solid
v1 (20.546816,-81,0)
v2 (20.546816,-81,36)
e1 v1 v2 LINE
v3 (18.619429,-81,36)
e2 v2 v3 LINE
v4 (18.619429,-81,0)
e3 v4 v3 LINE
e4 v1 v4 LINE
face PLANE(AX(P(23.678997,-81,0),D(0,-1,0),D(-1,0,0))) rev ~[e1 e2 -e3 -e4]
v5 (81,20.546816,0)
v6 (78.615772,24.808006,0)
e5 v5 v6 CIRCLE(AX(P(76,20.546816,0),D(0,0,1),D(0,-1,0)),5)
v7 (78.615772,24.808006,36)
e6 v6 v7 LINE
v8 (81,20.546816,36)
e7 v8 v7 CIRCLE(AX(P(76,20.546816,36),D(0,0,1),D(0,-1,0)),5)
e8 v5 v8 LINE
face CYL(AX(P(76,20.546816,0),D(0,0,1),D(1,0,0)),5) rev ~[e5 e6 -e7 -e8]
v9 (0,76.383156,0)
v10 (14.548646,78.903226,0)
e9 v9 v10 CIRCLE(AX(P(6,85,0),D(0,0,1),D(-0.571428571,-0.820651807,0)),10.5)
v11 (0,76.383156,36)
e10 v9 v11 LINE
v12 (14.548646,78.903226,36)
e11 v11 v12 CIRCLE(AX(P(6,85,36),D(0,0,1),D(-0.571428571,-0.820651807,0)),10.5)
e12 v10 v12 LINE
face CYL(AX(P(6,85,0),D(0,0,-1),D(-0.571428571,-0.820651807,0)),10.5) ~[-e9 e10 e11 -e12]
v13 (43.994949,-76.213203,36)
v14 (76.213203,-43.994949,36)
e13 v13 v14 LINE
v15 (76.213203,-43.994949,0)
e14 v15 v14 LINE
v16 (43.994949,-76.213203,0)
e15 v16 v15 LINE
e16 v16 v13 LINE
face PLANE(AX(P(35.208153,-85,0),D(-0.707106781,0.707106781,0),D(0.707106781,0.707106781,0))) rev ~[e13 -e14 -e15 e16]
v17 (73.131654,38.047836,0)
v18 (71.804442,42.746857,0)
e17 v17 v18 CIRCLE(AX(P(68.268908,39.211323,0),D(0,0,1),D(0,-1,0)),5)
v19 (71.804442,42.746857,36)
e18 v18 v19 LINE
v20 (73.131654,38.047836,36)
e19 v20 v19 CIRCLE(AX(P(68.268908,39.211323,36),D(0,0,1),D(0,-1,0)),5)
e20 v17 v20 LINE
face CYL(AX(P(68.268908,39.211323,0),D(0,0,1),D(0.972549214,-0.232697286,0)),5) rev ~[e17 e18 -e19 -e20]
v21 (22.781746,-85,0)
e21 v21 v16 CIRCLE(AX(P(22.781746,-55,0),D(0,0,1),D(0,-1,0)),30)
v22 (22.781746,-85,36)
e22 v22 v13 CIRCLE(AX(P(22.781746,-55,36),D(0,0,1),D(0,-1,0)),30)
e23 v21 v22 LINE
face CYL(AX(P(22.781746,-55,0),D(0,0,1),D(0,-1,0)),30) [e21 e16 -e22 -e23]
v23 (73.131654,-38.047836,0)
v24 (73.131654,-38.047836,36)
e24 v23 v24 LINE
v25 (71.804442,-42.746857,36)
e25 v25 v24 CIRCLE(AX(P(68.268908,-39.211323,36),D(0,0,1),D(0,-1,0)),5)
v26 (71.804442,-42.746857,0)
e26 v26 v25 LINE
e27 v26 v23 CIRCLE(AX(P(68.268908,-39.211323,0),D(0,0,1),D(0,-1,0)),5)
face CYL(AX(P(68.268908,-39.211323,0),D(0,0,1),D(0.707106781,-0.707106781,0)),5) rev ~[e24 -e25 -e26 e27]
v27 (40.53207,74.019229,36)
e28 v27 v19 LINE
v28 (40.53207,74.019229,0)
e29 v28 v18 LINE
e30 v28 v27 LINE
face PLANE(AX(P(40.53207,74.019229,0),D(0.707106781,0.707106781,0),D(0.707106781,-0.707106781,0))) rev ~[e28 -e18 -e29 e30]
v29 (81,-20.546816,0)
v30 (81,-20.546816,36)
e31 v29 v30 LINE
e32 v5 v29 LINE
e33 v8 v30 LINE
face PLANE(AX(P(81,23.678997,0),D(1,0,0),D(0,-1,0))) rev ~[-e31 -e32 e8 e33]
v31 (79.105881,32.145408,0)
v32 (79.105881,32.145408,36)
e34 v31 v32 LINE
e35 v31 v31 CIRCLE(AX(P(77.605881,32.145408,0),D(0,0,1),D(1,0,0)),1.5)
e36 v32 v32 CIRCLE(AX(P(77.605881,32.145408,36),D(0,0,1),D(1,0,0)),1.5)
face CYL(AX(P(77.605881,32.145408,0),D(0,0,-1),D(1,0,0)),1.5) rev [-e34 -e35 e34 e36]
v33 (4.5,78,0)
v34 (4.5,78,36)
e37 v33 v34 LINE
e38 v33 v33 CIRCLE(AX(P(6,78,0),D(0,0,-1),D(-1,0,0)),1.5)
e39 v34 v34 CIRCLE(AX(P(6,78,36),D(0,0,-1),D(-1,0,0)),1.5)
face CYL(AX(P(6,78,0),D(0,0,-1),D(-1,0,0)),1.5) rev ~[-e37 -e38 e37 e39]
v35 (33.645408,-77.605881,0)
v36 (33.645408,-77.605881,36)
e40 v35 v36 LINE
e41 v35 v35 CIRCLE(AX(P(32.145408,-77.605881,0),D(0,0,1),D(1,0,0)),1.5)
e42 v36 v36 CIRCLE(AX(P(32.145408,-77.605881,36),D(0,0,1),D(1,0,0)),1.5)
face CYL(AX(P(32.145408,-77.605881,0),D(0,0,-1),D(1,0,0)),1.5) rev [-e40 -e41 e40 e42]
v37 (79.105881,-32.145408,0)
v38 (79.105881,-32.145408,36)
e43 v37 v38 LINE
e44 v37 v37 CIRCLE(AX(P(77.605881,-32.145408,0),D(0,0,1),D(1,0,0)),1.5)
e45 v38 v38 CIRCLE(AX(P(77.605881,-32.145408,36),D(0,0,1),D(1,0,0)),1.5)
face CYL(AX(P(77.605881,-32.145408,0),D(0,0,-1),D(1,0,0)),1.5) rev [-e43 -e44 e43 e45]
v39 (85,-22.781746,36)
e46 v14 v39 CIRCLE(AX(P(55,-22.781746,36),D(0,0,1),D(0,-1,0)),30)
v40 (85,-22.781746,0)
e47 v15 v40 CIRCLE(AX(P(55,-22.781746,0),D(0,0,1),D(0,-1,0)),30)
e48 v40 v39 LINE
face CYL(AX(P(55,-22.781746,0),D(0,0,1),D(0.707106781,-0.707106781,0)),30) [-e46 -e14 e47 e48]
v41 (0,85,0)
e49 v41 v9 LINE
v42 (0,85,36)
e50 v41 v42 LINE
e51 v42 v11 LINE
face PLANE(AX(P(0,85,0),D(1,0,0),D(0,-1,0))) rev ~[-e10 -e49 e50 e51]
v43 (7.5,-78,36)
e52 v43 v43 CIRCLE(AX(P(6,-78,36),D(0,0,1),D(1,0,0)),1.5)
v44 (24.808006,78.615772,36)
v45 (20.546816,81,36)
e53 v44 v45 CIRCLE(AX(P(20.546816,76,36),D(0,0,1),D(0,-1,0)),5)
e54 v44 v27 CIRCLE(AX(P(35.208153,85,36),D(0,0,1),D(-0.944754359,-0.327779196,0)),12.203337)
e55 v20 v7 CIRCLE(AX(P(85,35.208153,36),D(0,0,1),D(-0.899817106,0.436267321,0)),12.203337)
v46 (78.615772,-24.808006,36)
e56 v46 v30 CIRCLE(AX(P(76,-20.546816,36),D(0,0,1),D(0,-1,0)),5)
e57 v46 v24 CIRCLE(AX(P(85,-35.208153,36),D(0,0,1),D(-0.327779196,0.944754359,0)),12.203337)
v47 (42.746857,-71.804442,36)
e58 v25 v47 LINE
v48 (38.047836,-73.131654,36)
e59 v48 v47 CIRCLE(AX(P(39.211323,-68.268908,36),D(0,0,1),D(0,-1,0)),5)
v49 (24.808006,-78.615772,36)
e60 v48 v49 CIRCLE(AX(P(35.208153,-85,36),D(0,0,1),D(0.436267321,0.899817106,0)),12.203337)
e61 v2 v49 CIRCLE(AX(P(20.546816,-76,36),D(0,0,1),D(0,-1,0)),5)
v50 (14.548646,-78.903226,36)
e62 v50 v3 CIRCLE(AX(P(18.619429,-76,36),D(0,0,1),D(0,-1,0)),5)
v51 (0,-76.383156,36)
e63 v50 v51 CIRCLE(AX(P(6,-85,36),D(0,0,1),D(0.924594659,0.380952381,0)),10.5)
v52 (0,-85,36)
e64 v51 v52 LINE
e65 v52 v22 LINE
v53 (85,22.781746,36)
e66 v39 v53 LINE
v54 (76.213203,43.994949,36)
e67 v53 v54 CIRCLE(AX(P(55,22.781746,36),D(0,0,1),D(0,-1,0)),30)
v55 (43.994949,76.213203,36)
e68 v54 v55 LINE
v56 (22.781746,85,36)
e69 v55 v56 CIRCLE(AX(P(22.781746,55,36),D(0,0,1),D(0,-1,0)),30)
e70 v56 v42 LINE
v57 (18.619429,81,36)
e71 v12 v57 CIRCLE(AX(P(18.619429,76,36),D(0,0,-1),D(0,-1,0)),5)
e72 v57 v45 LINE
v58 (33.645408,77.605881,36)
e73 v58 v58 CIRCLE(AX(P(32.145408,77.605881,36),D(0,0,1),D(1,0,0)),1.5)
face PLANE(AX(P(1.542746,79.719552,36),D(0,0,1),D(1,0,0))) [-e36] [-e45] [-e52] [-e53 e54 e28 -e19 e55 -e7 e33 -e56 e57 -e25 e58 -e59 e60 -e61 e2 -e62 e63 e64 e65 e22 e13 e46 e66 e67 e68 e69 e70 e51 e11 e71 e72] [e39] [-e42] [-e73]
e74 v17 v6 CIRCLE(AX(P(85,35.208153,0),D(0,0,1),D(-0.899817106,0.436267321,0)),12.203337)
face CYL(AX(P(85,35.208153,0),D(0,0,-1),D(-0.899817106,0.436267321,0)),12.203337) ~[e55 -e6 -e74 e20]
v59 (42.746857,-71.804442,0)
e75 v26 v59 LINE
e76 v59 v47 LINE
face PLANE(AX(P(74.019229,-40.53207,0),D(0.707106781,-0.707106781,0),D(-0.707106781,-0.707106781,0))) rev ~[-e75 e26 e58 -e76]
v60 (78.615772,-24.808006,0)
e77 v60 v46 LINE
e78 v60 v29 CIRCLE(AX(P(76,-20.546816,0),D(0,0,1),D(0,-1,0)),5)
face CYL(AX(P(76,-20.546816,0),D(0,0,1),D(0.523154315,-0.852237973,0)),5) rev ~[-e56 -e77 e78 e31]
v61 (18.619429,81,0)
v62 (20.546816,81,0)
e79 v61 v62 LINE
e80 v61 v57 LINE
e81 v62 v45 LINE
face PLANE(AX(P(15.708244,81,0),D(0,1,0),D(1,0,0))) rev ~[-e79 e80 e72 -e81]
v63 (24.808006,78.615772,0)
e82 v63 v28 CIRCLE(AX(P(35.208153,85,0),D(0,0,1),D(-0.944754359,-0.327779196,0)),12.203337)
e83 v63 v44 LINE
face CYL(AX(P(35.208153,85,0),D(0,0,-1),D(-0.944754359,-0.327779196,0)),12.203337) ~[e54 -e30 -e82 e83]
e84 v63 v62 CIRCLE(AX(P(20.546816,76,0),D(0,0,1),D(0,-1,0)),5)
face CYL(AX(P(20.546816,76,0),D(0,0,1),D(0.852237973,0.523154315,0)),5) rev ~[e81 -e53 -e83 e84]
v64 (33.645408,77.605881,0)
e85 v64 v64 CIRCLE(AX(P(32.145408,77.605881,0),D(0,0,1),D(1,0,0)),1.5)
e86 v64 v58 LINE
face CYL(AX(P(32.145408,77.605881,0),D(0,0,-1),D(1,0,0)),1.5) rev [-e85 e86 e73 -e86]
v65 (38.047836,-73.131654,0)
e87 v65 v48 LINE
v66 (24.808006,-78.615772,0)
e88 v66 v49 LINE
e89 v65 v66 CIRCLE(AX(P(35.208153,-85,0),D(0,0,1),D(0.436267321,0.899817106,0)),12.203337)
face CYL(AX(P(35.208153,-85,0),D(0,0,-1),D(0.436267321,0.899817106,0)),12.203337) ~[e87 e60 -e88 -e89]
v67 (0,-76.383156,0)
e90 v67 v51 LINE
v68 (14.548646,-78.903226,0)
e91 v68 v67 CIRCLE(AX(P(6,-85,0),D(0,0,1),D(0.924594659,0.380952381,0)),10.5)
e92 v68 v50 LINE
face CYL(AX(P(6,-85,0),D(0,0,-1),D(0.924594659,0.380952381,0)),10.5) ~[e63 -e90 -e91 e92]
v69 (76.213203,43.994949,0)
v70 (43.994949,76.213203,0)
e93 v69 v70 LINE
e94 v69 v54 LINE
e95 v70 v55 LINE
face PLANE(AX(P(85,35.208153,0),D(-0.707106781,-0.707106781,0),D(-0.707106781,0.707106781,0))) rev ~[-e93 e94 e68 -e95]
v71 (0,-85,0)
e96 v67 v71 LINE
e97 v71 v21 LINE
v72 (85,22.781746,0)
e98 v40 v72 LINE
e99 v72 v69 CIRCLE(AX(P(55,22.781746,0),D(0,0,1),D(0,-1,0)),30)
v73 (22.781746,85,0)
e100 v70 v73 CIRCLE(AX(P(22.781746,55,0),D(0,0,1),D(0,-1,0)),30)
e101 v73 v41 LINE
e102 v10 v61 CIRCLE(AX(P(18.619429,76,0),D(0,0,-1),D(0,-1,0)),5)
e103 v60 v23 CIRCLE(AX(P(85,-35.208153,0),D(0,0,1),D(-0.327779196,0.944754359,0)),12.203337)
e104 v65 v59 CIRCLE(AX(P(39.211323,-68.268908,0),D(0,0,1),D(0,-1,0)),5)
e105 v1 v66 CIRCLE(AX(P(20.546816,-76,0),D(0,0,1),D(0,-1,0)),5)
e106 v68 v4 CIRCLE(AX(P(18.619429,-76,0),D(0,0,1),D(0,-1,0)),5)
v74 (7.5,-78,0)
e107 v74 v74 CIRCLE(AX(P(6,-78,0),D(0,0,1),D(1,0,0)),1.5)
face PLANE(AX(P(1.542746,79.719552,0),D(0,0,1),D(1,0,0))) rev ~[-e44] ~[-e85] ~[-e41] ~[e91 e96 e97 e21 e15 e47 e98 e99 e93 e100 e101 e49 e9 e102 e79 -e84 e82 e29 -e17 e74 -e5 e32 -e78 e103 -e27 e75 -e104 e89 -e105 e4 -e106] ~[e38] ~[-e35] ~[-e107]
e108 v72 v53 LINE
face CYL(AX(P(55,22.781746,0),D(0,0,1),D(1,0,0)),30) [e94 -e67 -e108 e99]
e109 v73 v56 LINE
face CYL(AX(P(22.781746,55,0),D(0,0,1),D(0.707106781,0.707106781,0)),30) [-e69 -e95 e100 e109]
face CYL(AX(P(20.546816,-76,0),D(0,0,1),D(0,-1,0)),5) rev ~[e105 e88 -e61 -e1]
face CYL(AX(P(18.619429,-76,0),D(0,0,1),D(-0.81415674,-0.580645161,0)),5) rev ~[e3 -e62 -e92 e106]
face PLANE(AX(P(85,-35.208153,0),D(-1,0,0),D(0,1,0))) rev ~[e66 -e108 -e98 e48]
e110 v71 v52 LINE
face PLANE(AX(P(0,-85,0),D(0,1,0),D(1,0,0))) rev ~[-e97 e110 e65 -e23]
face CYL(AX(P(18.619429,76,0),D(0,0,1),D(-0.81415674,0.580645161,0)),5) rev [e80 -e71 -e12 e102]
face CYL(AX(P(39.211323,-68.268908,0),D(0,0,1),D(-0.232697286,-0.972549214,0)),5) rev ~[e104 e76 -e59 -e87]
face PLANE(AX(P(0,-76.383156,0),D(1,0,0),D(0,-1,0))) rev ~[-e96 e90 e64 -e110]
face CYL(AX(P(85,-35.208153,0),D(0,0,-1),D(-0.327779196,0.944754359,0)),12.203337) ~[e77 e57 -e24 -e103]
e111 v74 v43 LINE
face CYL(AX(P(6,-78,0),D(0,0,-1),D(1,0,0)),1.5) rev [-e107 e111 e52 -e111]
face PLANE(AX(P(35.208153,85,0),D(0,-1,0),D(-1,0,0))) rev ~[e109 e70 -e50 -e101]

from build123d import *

# Parameters (mm, degrees)
F0_R     = 1.5
F1_DEPTH = 36
F2_R     = 30
F3_R     = 5


with BuildPart() as f1:
    # F0 (on Top) → F1 (new body)
    with BuildSketch(Plane.XY):
        with BuildLine():
            Line((3.7082439195, 81), (0, 81))
            Line((0, 81), (0, 78))
            Line((0, 78), (1.8262379212, 78))
            ThreePointArc((1.8262379212, 78), (2.8946339641, 79.4200818425), (3.7082439195, 81))
        make_face()
        with BuildLine():
            Line((1.8262379212, 78), (0, 78))
            Line((0, 78), (0, 76.3831560302))
            ThreePointArc((0, 76.3831560302), (0.9602269984, 77.1383691176), (1.8262379212, 78))
        make_face()
        with BuildLine():
            Line((15.7082439195, 81), (3.7082439195, 81))
            ThreePointArc((3.7082439195, 81), (2.8946339641, 79.4200818425), (1.8262379212, 78))
            ThreePointArc((1.8262379212, 78), (0.9602269984, 77.1383691176), (0, 76.3831560302))
            ThreePointArc((0, 76.3831560302), (8.9608411477, 74.9261020604), (15.7082439195, 81))
        make_face()
        with BuildLine():
            ThreePointArc((7.5, 78), (6, 76.5), (4.5, 78))
            ThreePointArc((4.5, 78), (6, 79.5), (7.5, 78))
        make_face(mode=Mode.SUBTRACT)
        Polygon((35.2081528017, 85), (0, 85), (0, 81), (3.7082439195, 81), (15.7082439195, 81), (23.6789969548, 81), (33.5512985522, 81), (40.5320699577, 74.0192285946), (74.0192285946, 40.5320699577), (81, 33.5512985522), (81, 23.6789969548), (81, -23.6789969548), (81, -33.5512985522), (74.0192285946, -40.5320699577), (40.5320699577, -74.0192285946), (33.5512985522, -81), (35.2081528017, -85), (85, -35.2081528017), (85, 35.2081528017), align=None)
        with BuildLine():
            Line((33.5512985522, 81), (23.6789969548, 81))
            ThreePointArc((23.6789969548, 81), (30.5381379027, 73.7255866944), (40.5320699577, 74.0192285946))
            Line((40.5320699577, 74.0192285946), (33.5512985522, 81))
        make_face()
        with Locations((32.1454083187, 77.6058807309)):
            Circle(F0_R, mode=Mode.SUBTRACT)
        with BuildLine():
            ThreePointArc((74.0192285946, 40.5320699577), (73.7255866944, 30.5381379027), (81, 23.6789969548))
            Line((81, 23.6789969548), (81, 33.5512985522))
            Line((81, 33.5512985522), (74.0192285946, 40.5320699577))
        make_face()
        with Locations((77.6058807309, 32.1454083187)):
            Circle(F0_R, mode=Mode.SUBTRACT)
        with BuildLine():
            ThreePointArc((81, -23.6789969548), (73.7255866944, -30.5381379027), (74.0192285946, -40.5320699577))
            Line((74.0192285946, -40.5320699577), (81, -33.5512985522))
            Line((81, -33.5512985522), (81, -23.6789969548))
        make_face()
        with Locations((77.6058807309, -32.1454083187)):
            Circle(F0_R, mode=Mode.SUBTRACT)
        with BuildLine():
            Line((23.6789969548, -81), (33.5512985522, -81))
            Line((33.5512985522, -81), (40.5320699577, -74.0192285946))
            ThreePointArc((40.5320699577, -74.0192285946), (30.5381379027, -73.7255866944), (23.6789969548, -81))
        make_face()
        with Locations((32.1454083187, -77.6058807309)):
            Circle(F0_R, mode=Mode.SUBTRACT)
        Polygon((0, -81), (0, -85), (35.2081528017, -85), (33.5512985522, -81), (23.6789969548, -81), (15.7082439195, -81), (3.7082439195, -81), align=None)
        with BuildLine():
            ThreePointArc((0, -76.3831560302), (2.1863327454, -78.4247466831), (3.7082439195, -81))
            Line((3.7082439195, -81), (15.7082439195, -81))
            ThreePointArc((15.7082439195, -81), (8.9608411477, -74.9261020604), (0, -76.3831560302))
        make_face()
        with Locations((6, -78)):
            Circle(F0_R, mode=Mode.SUBTRACT)
        with BuildLine():
            Line((0, -76.3831560302), (0, -81))
            Line((0, -81), (3.7082439195, -81))
            ThreePointArc((3.7082439195, -81), (2.1863327454, -78.4247466831), (0, -76.3831560302))
        make_face()
    extrude(amount=F1_DEPTH)

    # F2
    f2_edges = [f1.edges().sort_by_distance(p)[0] for p in [
        (85, -35.208153, 18),
        (85, 35.208153, 18),
        (35.208153, 85, 18),
        (35.208153, -85, 18),
    ]]
    fillet(f2_edges, radius=F2_R)

    # F3
    f3_edges = [f1.edges().sort_by_distance(p)[0] for p in [
        (23.678997, 81, 18),
        (15.708244, 81, 18),
        (74.019229, 40.53207, 18),
        (81, 23.678997, 18),
        (81, -23.678997, 18),
        (74.019229, -40.53207, 18),
        (40.53207, -74.019229, 18),
        (15.708244, -81, 18),
        (23.678997, -81, 18),
    ]]
    fillet(f3_edges, radius=F3_R)


solid = f1.part
